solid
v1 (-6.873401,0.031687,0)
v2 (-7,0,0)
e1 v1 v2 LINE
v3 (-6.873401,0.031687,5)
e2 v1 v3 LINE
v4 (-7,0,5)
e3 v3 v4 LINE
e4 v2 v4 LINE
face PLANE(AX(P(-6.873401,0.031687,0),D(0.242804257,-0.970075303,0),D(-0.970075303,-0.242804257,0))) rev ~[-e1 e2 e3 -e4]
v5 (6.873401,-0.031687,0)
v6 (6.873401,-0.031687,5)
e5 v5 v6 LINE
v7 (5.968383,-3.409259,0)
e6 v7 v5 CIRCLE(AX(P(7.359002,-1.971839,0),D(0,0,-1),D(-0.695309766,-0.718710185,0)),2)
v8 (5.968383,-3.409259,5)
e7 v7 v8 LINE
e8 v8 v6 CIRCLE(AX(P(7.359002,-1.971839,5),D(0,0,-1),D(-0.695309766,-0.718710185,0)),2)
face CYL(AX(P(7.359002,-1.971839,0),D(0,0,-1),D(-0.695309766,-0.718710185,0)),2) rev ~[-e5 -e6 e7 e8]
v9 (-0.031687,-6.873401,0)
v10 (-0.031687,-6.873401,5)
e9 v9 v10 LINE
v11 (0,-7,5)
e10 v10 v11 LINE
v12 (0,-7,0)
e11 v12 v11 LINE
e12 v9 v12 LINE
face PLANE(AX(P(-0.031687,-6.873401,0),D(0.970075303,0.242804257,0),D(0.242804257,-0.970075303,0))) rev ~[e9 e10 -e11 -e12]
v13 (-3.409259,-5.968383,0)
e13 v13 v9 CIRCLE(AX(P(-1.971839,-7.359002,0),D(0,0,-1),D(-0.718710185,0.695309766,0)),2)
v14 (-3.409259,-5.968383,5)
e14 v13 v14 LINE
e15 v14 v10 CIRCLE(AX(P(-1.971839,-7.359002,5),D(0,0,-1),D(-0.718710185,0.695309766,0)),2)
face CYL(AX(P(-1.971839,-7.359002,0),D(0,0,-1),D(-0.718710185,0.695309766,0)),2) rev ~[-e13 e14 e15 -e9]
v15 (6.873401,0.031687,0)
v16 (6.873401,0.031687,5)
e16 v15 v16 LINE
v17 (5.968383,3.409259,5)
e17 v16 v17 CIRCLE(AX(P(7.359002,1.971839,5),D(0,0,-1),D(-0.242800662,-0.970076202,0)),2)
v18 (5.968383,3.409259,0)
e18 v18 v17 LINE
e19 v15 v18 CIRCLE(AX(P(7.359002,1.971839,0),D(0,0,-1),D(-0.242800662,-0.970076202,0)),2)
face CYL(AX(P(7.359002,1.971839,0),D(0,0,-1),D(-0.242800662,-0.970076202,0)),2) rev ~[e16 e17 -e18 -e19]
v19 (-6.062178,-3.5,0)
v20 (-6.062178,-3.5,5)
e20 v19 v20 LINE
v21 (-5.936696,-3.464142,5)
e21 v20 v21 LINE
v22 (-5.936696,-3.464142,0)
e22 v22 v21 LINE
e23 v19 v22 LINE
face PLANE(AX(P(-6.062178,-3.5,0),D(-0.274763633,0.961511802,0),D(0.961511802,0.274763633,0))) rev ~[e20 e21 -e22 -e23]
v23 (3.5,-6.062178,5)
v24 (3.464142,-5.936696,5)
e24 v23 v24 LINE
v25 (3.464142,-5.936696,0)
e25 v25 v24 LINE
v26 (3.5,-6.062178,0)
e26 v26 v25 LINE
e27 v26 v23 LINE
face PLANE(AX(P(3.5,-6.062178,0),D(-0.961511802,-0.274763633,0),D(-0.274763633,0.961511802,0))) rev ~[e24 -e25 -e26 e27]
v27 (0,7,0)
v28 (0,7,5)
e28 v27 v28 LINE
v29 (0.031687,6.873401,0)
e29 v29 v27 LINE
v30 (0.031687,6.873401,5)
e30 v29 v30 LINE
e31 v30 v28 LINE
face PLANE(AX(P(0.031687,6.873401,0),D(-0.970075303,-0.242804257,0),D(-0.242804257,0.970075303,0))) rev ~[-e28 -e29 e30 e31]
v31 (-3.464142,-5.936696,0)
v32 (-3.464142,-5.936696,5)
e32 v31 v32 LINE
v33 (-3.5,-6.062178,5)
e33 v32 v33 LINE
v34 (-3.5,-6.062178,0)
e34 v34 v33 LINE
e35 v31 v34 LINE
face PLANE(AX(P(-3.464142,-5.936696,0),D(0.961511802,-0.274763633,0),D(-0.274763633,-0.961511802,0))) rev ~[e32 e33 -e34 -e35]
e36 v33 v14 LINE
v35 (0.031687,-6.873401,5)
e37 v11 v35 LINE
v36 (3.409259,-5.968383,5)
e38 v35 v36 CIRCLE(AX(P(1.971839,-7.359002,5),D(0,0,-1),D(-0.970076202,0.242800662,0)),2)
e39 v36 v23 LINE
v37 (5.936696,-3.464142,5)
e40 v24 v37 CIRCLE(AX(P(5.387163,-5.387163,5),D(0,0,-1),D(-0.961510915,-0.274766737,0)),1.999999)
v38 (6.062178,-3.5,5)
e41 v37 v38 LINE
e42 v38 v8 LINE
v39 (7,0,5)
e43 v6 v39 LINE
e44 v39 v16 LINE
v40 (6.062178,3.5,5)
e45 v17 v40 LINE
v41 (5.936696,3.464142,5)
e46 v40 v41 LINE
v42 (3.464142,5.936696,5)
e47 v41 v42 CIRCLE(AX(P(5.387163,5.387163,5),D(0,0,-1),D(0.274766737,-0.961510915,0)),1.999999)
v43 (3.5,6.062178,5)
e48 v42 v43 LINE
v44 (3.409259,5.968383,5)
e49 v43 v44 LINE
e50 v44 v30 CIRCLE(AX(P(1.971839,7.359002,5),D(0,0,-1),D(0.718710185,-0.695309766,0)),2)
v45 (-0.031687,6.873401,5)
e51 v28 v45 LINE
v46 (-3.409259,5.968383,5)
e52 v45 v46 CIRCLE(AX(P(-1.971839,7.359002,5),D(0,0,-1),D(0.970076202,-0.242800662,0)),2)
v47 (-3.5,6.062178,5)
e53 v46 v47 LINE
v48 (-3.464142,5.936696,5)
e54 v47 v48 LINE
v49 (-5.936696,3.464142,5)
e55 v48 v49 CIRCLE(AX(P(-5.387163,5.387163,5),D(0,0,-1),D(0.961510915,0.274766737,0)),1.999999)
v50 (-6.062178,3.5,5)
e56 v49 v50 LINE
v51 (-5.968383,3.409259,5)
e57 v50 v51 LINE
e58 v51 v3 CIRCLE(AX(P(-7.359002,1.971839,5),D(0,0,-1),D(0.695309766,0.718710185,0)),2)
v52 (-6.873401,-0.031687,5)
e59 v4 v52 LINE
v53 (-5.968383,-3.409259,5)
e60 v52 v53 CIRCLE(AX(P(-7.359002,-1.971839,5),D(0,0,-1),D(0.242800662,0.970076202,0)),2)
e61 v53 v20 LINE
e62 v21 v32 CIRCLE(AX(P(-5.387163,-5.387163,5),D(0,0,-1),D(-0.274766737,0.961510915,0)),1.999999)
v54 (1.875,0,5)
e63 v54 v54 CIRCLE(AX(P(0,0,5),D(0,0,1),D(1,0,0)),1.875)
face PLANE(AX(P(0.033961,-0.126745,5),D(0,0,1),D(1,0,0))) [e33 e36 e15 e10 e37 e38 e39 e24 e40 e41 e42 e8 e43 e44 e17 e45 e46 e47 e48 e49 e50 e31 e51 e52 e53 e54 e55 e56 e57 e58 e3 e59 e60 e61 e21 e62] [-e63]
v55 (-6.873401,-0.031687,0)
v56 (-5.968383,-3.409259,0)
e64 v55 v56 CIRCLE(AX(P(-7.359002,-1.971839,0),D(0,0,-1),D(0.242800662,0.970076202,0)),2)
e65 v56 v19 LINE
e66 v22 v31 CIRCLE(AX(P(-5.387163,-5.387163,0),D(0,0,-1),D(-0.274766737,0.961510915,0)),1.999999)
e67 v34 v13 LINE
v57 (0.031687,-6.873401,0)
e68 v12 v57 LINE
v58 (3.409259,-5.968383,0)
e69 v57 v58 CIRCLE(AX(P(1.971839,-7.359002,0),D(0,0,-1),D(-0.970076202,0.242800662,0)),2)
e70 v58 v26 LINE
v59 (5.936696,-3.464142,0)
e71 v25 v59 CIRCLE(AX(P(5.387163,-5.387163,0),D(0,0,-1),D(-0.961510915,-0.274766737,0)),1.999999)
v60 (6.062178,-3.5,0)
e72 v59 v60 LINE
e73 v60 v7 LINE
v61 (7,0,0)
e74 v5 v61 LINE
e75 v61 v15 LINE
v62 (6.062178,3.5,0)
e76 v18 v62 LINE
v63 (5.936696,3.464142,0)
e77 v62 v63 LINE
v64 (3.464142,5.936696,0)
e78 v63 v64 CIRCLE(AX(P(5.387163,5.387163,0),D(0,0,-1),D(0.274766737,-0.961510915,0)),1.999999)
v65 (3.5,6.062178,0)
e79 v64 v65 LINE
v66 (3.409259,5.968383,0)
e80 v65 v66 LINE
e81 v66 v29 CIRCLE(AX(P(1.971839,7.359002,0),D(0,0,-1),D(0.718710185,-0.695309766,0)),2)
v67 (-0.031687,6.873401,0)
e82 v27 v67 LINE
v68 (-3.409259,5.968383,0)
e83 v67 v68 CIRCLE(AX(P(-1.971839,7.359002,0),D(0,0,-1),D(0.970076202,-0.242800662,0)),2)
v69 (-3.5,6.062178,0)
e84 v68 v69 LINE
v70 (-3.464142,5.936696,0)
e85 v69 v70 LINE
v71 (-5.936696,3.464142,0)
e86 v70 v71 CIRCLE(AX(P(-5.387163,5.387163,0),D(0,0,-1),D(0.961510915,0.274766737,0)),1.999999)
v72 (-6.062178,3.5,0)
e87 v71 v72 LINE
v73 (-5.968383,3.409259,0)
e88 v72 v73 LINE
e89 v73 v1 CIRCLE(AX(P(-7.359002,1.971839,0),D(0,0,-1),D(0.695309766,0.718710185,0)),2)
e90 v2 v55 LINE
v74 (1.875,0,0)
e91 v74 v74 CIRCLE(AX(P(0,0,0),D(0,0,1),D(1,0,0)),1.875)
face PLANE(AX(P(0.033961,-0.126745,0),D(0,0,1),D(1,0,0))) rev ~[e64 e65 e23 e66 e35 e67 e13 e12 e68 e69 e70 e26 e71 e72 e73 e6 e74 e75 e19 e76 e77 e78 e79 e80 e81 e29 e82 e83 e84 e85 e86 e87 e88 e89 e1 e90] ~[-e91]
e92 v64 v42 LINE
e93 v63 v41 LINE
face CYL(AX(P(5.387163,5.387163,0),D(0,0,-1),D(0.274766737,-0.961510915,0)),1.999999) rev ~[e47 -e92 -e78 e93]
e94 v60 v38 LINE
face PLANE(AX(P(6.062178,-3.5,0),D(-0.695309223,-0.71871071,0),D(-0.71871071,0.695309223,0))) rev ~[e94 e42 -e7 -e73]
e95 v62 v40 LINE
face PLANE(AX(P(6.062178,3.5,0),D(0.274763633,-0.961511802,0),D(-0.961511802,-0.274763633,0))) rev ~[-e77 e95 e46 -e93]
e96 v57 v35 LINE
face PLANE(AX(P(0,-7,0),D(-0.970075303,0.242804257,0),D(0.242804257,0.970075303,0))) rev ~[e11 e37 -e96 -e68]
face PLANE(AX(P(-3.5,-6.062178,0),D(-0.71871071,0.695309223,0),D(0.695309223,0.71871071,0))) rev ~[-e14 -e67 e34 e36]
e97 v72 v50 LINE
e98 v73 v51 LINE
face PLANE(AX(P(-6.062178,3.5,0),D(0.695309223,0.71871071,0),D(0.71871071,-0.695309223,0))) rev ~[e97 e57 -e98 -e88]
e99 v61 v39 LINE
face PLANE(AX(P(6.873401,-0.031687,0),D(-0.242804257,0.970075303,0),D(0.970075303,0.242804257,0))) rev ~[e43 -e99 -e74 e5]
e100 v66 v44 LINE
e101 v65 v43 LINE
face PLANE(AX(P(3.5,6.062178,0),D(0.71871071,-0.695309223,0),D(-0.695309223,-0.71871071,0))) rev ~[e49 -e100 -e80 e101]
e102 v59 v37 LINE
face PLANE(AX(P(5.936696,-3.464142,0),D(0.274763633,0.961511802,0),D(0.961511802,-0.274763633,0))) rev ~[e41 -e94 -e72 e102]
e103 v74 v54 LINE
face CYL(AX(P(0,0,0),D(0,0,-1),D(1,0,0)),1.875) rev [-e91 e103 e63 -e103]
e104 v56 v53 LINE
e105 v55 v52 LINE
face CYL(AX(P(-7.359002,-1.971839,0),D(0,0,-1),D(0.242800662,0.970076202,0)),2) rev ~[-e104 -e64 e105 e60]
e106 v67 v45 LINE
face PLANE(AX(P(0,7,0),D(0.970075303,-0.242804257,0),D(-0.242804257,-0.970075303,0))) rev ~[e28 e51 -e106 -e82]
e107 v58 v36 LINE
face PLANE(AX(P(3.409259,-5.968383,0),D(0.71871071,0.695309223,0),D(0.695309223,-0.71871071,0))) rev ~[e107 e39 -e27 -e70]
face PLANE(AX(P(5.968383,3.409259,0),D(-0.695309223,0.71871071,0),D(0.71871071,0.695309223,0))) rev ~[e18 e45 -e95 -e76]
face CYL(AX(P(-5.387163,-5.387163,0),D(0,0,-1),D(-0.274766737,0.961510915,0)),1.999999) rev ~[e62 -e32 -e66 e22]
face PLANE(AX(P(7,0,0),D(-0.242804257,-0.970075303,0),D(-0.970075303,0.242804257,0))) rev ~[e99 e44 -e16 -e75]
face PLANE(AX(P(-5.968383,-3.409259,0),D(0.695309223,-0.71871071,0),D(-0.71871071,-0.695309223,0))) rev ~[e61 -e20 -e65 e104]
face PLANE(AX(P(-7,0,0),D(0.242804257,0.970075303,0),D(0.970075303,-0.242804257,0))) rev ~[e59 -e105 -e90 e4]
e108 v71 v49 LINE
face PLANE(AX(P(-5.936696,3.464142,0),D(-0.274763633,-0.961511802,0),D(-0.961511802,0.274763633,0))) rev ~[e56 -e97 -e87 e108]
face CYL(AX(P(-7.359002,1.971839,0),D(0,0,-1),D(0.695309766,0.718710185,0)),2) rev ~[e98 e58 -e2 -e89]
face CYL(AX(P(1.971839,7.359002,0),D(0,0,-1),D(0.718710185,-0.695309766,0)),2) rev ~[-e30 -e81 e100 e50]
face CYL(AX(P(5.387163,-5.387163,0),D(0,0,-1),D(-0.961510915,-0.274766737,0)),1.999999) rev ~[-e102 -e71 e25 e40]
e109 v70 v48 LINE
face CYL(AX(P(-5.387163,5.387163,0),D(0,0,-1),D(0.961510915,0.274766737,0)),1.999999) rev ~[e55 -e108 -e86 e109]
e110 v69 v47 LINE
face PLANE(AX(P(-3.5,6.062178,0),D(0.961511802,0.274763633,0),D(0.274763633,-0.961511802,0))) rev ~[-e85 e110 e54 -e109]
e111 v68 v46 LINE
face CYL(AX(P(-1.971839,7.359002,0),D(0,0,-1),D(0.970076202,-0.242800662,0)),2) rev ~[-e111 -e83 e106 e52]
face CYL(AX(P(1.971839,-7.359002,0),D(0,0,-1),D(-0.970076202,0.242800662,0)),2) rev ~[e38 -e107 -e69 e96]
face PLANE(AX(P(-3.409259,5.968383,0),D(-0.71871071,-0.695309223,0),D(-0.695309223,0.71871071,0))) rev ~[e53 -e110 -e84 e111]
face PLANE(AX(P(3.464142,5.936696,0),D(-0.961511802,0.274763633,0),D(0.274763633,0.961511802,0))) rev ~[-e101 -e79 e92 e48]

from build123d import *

# Parameters (mm, degrees)
F0_R     = 1.875
F1_DEPTH = 5


with BuildPart() as f1:
    # F0 (on Top) → F1 (new body)
    with BuildSketch(Plane.XY):
        with BuildLine():
            Line((-3.409259, 5.968383), (-3.5, 6.062178))
            Line((-3.5, 6.062178), (-3.464142, 5.936696))
            Line((-3.464142, 5.936696), (-2.474874, 2.474874))
            Line((-2.474874, 2.474874), (-5.936696, 3.464142))
            Line((-5.936696, 3.464142), (-6.062178, 3.5))
            Line((-6.062178, 3.5), (-5.968383, 3.409259))
            Line((-5.968383, 3.409259), (-3.38074, 0.905867))
            Line((-3.38074, 0.905867), (-6.873401, 0.031687))
            Line((-6.873401, 0.031687), (-7, 0))
            Line((-7, 0), (-6.873401, -0.031687))
            Line((-6.873401, -0.031687), (-3.38074, -0.905867))
            Line((-3.38074, -0.905867), (-5.968383, -3.409259))
            Line((-5.968383, -3.409259), (-6.062178, -3.5))
            Line((-6.062178, -3.5), (-5.936696, -3.464142))
            Line((-5.936696, -3.464142), (-2.474874, -2.474874))
            Line((-2.474874, -2.474874), (-3.464142, -5.936696))
            Line((-3.464142, -5.936696), (-3.5, -6.062178))
            Line((-3.5, -6.062178), (-3.409259, -5.968383))
            Line((-3.409259, -5.968383), (-0.905867, -3.38074))
            Line((-0.905867, -3.38074), (-0.031687, -6.873401))
            Line((-0.031687, -6.873401), (0, -7))
            Line((0, -7), (0.031687, -6.873401))
            Line((0.031687, -6.873401), (0.905867, -3.38074))
            Line((0.905867, -3.38074), (3.409259, -5.968383))
            Line((3.409259, -5.968383), (3.5, -6.062178))
            Line((3.5, -6.062178), (3.464142, -5.936696))
            Line((3.464142, -5.936696), (2.474874, -2.474874))
            Line((2.474874, -2.474874), (5.936696, -3.464142))
            Line((5.936696, -3.464142), (6.062178, -3.5))
            Line((6.062178, -3.5), (5.968383, -3.409259))
            Line((5.968383, -3.409259), (3.38074, -0.905867))
            Line((3.38074, -0.905867), (6.873401, -0.031687))
            Line((6.873401, -0.031687), (7, 0))
            Line((7, 0), (6.873401, 0.031687))
            Line((6.873401, 0.031687), (3.38074, 0.905867))
            Line((3.38074, 0.905867), (5.968383, 3.409259))
            Line((5.968383, 3.409259), (6.062178, 3.5))
            Line((6.062178, 3.5), (5.936696, 3.464142))
            Line((5.936696, 3.464142), (2.474874, 2.474874))
            Line((2.474874, 2.474874), (3.464142, 5.936696))
            Line((3.464142, 5.936696), (3.5, 6.062178))
            Line((3.5, 6.062178), (3.409259, 5.968383))
            Line((3.409259, 5.968383), (0.905867, 3.38074))
            Line((0.905867, 3.38074), (0.031687, 6.873401))
            Line((0.031687, 6.873401), (0, 7))
            Line((0, 7), (-0.031687, 6.873401))
            ThreePointArc((-0.031687, 6.873401), (-1.454201, 5.427151), (-3.409259, 5.968383))
        make_face()
        Circle(F0_R, mode=Mode.SUBTRACT)
        with BuildLine():
            Line((-2.474874, 2.474874), (-3.464142, 5.936696))
            ThreePointArc((-3.464142, 5.936696), (-3.97295, 3.97295), (-5.936696, 3.464142))
            Line((-5.936696, 3.464142), (-2.474874, 2.474874))
        make_face()
        with BuildLine():
            ThreePointArc((3.409259, 5.968383), (1.454201, 5.427151), (0.031687, 6.873401))
            Line((0.031687, 6.873401), (0.905867, 3.38074))
            Line((0.905867, 3.38074), (3.409259, 5.968383))
        make_face()
        with BuildLine():
            Line((-3.38074, 0.905867), (-5.968383, 3.409259))
            ThreePointArc((-5.968383, 3.409259), (-5.427151, 1.454201), (-6.873401, 0.031687))
            Line((-6.873401, 0.031687), (-3.38074, 0.905867))
        make_face()
        with BuildLine():
            ThreePointArc((5.936696, 3.464142), (3.97295, 3.97295), (3.464142, 5.936696))
            Line((3.464142, 5.936696), (2.474874, 2.474874))
            Line((2.474874, 2.474874), (5.936696, 3.464142))
        make_face()
        with BuildLine():
            Line((-3.38074, -0.905867), (-6.873401, -0.031687))
            ThreePointArc((-6.873401, -0.031687), (-5.427151, -1.454201), (-5.968383, -3.409259))
            Line((-5.968383, -3.409259), (-3.38074, -0.905867))
        make_face()
        with BuildLine():
            ThreePointArc((6.873401, 0.031687), (5.427151, 1.454201), (5.968383, 3.409259))
            Line((5.968383, 3.409259), (3.38074, 0.905867))
            Line((3.38074, 0.905867), (6.873401, 0.031687))
        make_face()
        with BuildLine():
            Line((-2.474874, -2.474874), (-5.936696, -3.464142))
            ThreePointArc((-5.936696, -3.464142), (-3.97295, -3.97295), (-3.464142, -5.936696))
            Line((-3.464142, -5.936696), (-2.474874, -2.474874))
        make_face()
        with BuildLine():
            ThreePointArc((5.968383, -3.409259), (5.427151, -1.454201), (6.873401, -0.031687))
            Line((6.873401, -0.031687), (3.38074, -0.905867))
            Line((3.38074, -0.905867), (5.968383, -3.409259))
        make_face()
        with BuildLine():
            Line((-0.905867, -3.38074), (-3.409259, -5.968383))
            ThreePointArc((-3.409259, -5.968383), (-1.454201, -5.427151), (-0.031687, -6.873401))
            Line((-0.031687, -6.873401), (-0.905867, -3.38074))
        make_face()
        with BuildLine():
            ThreePointArc((3.464142, -5.936696), (3.97295, -3.97295), (5.936696, -3.464142))
            Line((5.936696, -3.464142), (2.474874, -2.474874))
            Line((2.474874, -2.474874), (3.464142, -5.936696))
        make_face()
        with BuildLine():
            Line((0.905867, -3.38074), (0.031687, -6.873401))
            ThreePointArc((0.031687, -6.873401), (1.454201, -5.427151), (3.409259, -5.968383))
            Line((3.409259, -5.968383), (0.905867, -3.38074))
        make_face()
    extrude(amount=F1_DEPTH)


solid = f1.part
